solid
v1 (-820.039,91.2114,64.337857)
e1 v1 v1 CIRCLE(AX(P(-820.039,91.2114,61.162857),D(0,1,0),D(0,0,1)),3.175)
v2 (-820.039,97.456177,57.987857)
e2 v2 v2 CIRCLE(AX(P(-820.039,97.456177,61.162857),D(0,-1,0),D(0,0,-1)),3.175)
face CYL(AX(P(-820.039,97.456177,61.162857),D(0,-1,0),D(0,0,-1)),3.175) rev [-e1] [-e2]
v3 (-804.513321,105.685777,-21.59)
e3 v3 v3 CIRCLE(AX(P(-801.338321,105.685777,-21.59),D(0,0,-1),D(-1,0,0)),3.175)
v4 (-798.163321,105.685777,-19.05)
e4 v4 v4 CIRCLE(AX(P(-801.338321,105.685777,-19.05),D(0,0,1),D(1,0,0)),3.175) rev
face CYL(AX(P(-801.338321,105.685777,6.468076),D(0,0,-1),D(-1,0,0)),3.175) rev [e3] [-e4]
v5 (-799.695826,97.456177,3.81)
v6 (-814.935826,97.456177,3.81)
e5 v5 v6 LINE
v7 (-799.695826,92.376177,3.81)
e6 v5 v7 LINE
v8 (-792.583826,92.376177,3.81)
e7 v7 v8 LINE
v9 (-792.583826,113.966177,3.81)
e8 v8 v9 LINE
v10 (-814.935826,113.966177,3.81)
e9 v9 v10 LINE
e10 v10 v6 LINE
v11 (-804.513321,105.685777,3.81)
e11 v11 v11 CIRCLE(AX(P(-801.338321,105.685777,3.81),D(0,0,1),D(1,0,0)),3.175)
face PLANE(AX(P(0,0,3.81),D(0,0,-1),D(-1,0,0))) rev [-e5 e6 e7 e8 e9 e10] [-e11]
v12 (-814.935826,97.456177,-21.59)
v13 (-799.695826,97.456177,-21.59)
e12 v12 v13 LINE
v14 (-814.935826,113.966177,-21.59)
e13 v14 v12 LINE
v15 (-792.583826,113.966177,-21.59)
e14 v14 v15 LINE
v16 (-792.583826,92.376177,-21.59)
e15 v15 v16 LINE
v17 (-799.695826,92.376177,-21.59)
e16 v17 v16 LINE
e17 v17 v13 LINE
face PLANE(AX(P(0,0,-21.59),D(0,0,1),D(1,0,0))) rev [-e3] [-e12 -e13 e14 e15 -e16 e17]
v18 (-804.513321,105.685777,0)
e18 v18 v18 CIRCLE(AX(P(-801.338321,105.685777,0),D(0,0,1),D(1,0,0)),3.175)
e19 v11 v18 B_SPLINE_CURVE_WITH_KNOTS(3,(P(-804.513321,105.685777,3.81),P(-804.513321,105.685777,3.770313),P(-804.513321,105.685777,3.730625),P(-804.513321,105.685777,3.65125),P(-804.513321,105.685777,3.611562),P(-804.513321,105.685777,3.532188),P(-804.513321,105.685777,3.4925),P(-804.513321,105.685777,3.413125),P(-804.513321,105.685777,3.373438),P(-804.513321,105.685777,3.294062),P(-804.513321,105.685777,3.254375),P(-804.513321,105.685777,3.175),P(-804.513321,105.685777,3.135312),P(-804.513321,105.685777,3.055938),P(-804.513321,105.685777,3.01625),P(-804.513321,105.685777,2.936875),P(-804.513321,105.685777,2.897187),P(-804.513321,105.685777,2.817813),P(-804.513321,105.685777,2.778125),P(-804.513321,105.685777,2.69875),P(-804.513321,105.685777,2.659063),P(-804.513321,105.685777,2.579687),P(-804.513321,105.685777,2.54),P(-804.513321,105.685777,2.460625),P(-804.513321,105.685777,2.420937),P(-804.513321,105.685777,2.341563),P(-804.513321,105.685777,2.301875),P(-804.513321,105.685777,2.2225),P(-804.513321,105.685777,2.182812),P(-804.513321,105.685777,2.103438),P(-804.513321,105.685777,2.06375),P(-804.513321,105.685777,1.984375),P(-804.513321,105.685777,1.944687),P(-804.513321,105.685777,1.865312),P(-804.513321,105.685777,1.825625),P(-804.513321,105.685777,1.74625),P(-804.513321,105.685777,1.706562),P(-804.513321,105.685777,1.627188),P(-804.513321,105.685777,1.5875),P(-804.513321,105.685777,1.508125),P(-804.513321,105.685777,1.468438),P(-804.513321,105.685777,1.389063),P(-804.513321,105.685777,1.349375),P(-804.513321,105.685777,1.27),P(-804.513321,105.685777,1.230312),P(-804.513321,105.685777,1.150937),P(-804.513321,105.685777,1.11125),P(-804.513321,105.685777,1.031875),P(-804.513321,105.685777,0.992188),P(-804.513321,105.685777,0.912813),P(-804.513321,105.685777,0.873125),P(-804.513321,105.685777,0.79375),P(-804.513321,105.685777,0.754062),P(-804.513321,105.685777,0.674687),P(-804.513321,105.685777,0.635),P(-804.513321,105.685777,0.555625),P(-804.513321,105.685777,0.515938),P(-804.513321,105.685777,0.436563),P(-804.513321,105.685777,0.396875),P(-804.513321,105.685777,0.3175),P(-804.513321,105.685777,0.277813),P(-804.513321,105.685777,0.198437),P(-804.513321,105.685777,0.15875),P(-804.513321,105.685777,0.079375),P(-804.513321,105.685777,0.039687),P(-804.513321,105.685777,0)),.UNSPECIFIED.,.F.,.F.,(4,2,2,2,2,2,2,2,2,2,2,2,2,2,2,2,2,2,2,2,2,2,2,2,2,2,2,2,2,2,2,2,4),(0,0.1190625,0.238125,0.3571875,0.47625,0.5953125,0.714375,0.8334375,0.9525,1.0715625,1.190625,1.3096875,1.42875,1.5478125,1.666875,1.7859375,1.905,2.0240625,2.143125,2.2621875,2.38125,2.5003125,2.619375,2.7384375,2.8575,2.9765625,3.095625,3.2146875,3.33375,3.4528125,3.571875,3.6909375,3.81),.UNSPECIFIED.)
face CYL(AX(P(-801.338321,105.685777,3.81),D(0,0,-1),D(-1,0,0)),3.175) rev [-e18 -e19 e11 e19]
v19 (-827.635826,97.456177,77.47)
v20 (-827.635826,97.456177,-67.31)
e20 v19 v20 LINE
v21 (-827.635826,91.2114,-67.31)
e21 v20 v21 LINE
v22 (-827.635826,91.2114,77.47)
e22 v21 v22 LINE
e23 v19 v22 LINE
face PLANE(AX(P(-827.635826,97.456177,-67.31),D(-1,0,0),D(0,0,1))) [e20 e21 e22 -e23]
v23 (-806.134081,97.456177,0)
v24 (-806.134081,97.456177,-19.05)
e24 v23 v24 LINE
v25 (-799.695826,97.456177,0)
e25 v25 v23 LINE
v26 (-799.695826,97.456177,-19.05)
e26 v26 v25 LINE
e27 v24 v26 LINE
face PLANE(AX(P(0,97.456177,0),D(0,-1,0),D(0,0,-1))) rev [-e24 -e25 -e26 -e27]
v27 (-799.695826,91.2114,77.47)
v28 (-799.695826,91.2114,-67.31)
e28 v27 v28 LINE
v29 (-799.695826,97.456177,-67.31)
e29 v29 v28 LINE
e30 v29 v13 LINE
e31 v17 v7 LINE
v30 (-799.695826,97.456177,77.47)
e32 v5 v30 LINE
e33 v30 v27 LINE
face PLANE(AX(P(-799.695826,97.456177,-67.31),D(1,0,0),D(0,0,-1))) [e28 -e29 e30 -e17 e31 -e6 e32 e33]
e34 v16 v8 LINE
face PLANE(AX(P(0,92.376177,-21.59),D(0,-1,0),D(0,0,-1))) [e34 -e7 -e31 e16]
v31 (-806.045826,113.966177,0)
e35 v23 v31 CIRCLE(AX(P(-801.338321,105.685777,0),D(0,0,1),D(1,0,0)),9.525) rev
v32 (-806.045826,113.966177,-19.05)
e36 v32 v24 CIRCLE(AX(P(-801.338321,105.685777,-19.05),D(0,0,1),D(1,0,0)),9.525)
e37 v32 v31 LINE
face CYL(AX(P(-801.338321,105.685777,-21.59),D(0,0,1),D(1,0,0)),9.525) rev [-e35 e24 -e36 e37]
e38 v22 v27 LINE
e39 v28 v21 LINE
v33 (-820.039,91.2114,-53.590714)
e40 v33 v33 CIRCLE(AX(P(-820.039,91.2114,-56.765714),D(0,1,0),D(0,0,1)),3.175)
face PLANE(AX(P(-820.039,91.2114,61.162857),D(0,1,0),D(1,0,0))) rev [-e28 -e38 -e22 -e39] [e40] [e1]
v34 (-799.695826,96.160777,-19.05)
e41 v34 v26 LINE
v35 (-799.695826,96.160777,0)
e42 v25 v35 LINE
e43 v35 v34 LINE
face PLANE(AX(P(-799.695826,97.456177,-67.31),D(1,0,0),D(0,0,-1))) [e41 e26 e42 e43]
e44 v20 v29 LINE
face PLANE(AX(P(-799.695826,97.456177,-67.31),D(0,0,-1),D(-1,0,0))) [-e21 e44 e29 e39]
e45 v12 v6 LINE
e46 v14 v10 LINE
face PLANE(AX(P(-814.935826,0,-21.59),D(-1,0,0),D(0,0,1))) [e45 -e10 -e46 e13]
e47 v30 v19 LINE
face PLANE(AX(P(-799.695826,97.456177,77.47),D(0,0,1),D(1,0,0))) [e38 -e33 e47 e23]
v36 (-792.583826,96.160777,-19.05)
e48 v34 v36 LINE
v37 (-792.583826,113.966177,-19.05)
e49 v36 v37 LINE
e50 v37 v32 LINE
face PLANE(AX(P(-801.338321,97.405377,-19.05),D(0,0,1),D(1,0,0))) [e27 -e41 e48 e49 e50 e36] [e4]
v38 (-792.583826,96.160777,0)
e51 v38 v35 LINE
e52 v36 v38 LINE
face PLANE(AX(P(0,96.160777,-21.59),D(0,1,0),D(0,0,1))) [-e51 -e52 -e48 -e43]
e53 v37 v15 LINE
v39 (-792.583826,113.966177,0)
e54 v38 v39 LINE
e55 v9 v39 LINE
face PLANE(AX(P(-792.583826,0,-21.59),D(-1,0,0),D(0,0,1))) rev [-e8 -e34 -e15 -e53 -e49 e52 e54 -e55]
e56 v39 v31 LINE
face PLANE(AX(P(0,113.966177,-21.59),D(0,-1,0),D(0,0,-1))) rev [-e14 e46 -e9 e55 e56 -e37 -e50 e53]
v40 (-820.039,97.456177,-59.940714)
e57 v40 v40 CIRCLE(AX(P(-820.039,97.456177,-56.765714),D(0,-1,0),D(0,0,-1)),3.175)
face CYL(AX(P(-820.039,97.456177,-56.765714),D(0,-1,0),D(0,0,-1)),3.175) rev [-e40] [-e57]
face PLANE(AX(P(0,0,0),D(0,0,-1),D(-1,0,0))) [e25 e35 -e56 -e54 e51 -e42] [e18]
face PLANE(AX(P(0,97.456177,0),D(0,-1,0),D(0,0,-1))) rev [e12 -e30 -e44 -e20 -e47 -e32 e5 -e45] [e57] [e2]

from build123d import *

# Parameters (mm, degrees)
BOSS_EXTRUDE1_DEPTH      = 21.59
SKETCH2_W                = 22.352
SKETCH2_H                = 21.59
SKETCH2_R                = 3.175
BOSS_EXTRUDE2_DEPTH      = 3.81
BOSS_EXTRUDE3_START      = -2.54
SKETCH3_R                = 3.175
BOSS_EXTRUDE3_DEPTH      = 2.54
BOSS_EXTRUDE4_DEPTH      = 1.164777
BOSS_EXTRUDE4_DEPTH_BACK = 5.08
SKETCH4_W                = 27.94
SKETCH4_H                = 144.78
SKETCH4_R                = 3.175


with BuildPart() as part:
    # Sketch1 → Boss-Extrude1 (new body)
    with BuildSketch(Plane.XY):
        with BuildLine():
            Line((-792.583825879, 92.376177143), (-792.583825879, 96.160777143))
            Line((-792.583825879, 96.160777143), (-801.338321143, 96.160777143))
            ThreePointArc((-801.338321143, 96.160777143), (-803.772947911, 96.477182381), (-806.045825879, 97.405377143))
            ThreePointArc((-806.045825879, 97.405377143), (-810.863321143, 105.685777143), (-806.045825879, 113.966177143))
            Line((-806.045825879, 113.966177143), (-814.935825879, 113.966177143))
            Line((-814.935825879, 113.966177143), (-814.935825879, 92.376177143))
            Line((-814.935825879, 92.376177143), (-792.583825879, 92.376177143))
        make_face()
    extrude(amount=-BOSS_EXTRUDE1_DEPTH)

    # Sketch2 → Boss-Extrude2 (add)
    with BuildSketch(Plane.XY):
        with Locations((-803.759825879, 103.171177143)):
            Rectangle(SKETCH2_W, SKETCH2_H)
        with Locations(Location((-801.338321143, 105.685777143, 0), (0, 0, 180))):
            Circle(SKETCH2_R, mode=Mode.SUBTRACT)
    extrude(amount=BOSS_EXTRUDE2_DEPTH)

    # Sketch3 → Boss-Extrude3 (add)
    with BuildSketch(Plane(origin=(0, 0, -21.59), x_dir=(-1, 0, 0), z_dir=(0, 0, -1)).offset(BOSS_EXTRUDE3_START)):
        with BuildLine():
            Line((792.583825879, 113.966177143), (792.583825879, 96.160777143))
            Line((792.583825879, 96.160777143), (801.338321143, 96.160777143))
            ThreePointArc((801.338321143, 96.160777143), (810.546915906, 103.251150375), (806.045825879, 113.966177143))
            Line((806.045825879, 113.966177143), (792.583825879, 113.966177143))
        make_face()
        with Locations((801.338321143, 105.685777143)):
            Circle(SKETCH3_R, mode=Mode.SUBTRACT)
    extrude(amount=BOSS_EXTRUDE3_DEPTH)

    # Sketch4 → Boss-Extrude4 (add, two sides: drawn at the far end of the back side and taken through both)
    with BuildSketch(Plane.XZ.offset(-92.376177143).offset(-BOSS_EXTRUDE4_DEPTH_BACK)):
        with Locations((-813.665825879, 5.08)):
            Rectangle(SKETCH4_W, SKETCH4_H)
        with Locations(Location((-820.039, -56.765714286, 0), (0, 0, 270))):
            Circle(SKETCH4_R, mode=Mode.SUBTRACT)
        with Locations(Location((-820.039, 61.162857143, 0), (0, 0, 270))):
            Circle(SKETCH4_R, mode=Mode.SUBTRACT)
    extrude(amount=BOSS_EXTRUDE4_DEPTH + BOSS_EXTRUDE4_DEPTH_BACK)


solid = part.part
